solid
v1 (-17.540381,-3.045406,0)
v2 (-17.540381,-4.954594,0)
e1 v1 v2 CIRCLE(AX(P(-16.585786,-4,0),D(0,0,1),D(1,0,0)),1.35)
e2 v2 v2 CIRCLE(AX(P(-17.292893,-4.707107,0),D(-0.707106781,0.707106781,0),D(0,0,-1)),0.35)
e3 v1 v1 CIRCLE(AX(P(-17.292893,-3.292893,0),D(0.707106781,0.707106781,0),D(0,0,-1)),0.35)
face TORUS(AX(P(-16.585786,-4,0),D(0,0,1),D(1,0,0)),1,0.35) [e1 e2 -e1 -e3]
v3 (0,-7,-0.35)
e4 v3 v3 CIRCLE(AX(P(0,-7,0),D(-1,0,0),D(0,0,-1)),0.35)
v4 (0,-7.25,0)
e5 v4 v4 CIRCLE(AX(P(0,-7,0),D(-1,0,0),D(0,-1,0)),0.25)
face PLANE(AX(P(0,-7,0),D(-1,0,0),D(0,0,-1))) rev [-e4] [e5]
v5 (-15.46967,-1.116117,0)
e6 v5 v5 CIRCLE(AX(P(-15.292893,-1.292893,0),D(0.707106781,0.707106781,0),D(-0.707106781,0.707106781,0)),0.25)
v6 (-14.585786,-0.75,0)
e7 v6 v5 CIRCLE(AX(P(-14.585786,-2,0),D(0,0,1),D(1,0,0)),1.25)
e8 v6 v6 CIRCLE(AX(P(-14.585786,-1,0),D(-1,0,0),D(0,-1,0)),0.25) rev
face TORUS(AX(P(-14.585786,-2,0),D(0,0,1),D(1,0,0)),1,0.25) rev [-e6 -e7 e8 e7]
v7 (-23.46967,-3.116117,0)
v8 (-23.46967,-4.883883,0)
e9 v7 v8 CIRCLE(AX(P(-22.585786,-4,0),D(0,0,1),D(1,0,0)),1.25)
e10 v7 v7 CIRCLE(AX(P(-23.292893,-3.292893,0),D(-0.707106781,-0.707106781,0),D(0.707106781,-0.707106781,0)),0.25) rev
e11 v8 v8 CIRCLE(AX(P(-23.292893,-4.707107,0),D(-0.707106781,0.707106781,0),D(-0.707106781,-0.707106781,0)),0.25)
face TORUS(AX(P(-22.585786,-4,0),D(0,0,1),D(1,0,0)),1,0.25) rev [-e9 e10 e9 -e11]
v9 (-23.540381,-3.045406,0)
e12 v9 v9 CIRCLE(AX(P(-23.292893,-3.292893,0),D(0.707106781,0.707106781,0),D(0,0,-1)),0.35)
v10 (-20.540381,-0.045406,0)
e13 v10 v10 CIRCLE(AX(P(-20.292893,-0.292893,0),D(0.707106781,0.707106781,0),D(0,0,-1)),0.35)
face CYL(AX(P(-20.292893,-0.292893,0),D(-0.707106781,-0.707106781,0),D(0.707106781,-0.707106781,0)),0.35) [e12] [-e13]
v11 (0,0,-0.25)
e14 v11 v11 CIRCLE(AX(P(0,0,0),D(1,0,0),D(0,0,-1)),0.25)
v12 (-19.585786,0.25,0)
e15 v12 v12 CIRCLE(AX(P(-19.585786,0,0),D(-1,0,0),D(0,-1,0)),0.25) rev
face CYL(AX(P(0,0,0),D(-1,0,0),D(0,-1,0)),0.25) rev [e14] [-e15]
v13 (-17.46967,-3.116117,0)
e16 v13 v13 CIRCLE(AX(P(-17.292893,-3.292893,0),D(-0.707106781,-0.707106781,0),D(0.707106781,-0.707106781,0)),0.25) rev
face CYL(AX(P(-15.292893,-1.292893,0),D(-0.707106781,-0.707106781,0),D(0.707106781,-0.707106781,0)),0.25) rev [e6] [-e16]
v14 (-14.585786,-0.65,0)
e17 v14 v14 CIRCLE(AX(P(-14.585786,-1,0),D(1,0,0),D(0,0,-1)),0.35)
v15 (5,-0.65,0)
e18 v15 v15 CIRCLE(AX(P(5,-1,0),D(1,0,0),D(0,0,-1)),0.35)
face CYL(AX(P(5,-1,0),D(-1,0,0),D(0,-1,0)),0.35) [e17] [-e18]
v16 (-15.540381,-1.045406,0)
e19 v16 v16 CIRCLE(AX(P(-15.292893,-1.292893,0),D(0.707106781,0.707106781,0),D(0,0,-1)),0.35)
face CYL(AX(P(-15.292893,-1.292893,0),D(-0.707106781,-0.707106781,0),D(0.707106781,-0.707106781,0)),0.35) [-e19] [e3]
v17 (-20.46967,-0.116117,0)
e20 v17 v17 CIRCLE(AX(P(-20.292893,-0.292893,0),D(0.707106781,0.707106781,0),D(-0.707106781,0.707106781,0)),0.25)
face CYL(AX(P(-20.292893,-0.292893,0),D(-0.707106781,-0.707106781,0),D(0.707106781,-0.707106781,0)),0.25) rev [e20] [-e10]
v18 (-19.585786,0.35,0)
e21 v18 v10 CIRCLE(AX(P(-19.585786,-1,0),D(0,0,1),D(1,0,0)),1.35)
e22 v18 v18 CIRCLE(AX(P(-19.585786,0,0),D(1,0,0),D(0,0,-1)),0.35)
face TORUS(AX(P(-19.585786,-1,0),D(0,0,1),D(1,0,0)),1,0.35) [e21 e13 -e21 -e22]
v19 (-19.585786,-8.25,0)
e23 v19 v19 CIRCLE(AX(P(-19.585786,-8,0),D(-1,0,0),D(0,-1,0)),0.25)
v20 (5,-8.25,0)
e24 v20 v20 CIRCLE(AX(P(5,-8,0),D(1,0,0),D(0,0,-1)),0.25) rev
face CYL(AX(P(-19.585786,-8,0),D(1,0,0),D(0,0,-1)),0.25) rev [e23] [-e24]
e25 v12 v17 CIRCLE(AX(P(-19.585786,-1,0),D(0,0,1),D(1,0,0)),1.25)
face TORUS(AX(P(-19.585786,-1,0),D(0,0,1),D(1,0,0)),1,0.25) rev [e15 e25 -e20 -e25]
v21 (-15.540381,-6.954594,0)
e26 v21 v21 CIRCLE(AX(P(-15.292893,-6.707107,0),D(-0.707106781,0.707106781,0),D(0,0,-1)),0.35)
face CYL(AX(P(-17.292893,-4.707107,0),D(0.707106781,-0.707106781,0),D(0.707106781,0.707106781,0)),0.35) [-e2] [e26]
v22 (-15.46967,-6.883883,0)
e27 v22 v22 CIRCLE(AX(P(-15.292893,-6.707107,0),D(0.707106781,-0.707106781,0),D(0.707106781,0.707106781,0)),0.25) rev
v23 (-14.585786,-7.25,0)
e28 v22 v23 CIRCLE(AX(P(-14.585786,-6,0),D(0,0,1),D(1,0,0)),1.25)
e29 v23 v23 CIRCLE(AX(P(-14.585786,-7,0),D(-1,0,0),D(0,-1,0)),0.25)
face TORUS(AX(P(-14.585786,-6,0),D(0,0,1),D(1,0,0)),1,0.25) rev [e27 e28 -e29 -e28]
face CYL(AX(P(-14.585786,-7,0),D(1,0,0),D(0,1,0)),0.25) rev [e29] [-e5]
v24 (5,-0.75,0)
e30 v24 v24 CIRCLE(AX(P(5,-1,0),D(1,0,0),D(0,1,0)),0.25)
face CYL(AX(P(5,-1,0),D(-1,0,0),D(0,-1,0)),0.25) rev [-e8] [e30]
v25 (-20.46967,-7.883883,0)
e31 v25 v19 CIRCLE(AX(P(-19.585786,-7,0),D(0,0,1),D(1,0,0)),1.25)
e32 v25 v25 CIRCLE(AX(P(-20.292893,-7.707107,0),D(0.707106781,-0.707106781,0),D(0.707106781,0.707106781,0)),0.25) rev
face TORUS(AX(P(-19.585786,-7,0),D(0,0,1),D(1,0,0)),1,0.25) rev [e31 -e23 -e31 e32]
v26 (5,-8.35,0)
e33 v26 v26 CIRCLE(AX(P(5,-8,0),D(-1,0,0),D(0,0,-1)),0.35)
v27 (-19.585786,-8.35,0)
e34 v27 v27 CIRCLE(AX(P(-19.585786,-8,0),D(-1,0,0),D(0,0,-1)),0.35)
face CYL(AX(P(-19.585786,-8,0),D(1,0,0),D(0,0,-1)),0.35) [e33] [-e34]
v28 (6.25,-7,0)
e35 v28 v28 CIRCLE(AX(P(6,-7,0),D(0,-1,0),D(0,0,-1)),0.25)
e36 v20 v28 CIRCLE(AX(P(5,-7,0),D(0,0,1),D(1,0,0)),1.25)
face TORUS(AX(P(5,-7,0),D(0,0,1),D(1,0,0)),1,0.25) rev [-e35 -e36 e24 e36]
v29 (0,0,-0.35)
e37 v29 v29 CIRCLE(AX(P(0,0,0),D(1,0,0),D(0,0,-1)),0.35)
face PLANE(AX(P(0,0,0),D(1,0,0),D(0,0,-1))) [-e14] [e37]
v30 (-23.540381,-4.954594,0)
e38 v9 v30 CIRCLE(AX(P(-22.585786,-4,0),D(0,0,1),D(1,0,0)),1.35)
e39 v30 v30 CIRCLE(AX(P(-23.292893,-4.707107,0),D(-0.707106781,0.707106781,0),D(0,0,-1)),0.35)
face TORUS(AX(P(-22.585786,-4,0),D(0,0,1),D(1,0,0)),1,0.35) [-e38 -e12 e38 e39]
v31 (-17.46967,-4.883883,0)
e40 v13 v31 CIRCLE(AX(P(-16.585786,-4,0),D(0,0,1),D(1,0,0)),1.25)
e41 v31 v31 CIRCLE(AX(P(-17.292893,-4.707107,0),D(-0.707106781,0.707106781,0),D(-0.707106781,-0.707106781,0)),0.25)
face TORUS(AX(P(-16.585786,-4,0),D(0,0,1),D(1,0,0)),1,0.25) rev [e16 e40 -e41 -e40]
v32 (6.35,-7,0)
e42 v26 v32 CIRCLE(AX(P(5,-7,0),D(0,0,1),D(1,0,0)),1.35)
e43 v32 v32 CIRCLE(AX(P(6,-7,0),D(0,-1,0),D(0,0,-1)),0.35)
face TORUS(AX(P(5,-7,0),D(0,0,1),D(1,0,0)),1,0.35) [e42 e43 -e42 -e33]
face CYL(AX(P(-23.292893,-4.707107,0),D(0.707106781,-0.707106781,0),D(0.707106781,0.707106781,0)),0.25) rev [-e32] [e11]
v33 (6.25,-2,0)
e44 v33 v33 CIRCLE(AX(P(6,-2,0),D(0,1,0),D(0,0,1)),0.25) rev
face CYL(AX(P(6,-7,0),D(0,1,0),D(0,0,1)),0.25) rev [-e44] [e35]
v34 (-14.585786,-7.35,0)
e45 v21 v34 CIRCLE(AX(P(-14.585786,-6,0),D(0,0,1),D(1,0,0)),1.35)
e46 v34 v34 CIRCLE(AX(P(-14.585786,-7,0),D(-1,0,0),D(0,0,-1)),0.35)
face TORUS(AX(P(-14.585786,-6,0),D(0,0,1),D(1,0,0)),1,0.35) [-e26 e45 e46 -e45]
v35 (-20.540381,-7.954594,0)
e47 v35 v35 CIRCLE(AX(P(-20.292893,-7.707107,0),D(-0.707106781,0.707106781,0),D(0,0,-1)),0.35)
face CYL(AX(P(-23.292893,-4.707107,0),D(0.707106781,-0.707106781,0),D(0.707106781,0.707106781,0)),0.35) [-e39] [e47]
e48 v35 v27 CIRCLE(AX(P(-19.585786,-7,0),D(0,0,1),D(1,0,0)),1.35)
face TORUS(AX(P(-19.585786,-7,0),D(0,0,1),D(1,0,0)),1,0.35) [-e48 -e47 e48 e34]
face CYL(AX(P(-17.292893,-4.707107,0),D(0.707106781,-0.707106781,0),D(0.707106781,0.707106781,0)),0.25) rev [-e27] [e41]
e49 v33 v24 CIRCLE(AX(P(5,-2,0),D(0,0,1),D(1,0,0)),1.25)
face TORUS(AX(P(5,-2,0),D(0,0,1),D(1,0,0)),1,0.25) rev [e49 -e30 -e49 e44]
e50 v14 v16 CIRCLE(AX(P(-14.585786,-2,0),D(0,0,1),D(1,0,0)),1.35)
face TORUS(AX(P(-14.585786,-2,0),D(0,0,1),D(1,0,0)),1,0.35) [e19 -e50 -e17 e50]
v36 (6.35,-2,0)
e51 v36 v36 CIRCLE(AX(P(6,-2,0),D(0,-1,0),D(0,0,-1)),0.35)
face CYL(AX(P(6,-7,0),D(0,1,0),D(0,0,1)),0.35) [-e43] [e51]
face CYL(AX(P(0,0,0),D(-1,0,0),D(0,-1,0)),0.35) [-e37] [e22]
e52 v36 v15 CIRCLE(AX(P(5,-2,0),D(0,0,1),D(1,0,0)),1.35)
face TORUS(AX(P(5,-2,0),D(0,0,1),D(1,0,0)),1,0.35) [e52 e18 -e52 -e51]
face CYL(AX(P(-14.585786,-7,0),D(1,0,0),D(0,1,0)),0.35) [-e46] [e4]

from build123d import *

# Parameters (mm, degrees)
SKICA2_R     = 0.35
SKO_EPINA1_T = -0.1


with BuildPart() as part:
    # Táhnout po křivce1: sweep along a path in Skica1
    with BuildLine(Plane.XY) as t_hnout_po_k_ivce1_path:
        Line((0, 0), (-19.585786438, 0))
        ThreePointArc((-19.585786438, 0), (-19.96846987, -0.076120467), (-20.292893219, -0.292893219))
        Line((-20.292893219, -0.292893219), (-23.292893219, -3.292893219))
        ThreePointArc((-23.292893219, -3.292893219), (-23.585786438, -4), (-23.292893219, -4.707106781))
        Line((-23.292893219, -4.707106781), (-20.292893219, -7.707106781))
        ThreePointArc((-20.292893219, -7.707106781), (-19.96846987, -7.923879533), (-19.585786438, -8))
        Line((-19.585786438, -8), (5, -8))
        ThreePointArc((5, -8), (5.707106781, -7.707106781), (6, -7))
        Line((6, -7), (6, -2))
        ThreePointArc((6, -2), (5.707106781, -1.292893219), (5, -1))
        Line((5, -1), (-14.585786438, -1))
        ThreePointArc((-14.585786438, -1), (-14.96846987, -1.076120467), (-15.292893219, -1.292893219))
        Line((-15.292893219, -1.292893219), (-17.292893219, -3.292893219))
        ThreePointArc((-17.292893219, -3.292893219), (-17.585786438, -4), (-17.292893219, -4.707106781))
        Line((-17.292893219, -4.707106781), (-15.292893219, -6.707106781))
        ThreePointArc((-15.292893219, -6.707106781), (-14.96846987, -6.923879533), (-14.585786438, -7))
        Line((-14.585786438, -7), (0, -7))
    # Skica2 → Táhnout po křivce1 (sweep)
    with BuildSketch(Plane(origin=(0, 0, 0), x_dir=(0, 0, -1), z_dir=(1, 0, 0))):
        Circle(SKICA2_R)
    sweep(path=t_hnout_po_k_ivce1_path.line)

    # Skořepina1
    sko_epina1_openings = [part.faces().sort_by_distance(p)[0] for p in [
        (0, -7, 0),
        (0, 0, 0),
    ]]
    offset(amount=SKO_EPINA1_T, openings=sko_epina1_openings, kind=Kind.INTERSECTION)


solid = part.part
